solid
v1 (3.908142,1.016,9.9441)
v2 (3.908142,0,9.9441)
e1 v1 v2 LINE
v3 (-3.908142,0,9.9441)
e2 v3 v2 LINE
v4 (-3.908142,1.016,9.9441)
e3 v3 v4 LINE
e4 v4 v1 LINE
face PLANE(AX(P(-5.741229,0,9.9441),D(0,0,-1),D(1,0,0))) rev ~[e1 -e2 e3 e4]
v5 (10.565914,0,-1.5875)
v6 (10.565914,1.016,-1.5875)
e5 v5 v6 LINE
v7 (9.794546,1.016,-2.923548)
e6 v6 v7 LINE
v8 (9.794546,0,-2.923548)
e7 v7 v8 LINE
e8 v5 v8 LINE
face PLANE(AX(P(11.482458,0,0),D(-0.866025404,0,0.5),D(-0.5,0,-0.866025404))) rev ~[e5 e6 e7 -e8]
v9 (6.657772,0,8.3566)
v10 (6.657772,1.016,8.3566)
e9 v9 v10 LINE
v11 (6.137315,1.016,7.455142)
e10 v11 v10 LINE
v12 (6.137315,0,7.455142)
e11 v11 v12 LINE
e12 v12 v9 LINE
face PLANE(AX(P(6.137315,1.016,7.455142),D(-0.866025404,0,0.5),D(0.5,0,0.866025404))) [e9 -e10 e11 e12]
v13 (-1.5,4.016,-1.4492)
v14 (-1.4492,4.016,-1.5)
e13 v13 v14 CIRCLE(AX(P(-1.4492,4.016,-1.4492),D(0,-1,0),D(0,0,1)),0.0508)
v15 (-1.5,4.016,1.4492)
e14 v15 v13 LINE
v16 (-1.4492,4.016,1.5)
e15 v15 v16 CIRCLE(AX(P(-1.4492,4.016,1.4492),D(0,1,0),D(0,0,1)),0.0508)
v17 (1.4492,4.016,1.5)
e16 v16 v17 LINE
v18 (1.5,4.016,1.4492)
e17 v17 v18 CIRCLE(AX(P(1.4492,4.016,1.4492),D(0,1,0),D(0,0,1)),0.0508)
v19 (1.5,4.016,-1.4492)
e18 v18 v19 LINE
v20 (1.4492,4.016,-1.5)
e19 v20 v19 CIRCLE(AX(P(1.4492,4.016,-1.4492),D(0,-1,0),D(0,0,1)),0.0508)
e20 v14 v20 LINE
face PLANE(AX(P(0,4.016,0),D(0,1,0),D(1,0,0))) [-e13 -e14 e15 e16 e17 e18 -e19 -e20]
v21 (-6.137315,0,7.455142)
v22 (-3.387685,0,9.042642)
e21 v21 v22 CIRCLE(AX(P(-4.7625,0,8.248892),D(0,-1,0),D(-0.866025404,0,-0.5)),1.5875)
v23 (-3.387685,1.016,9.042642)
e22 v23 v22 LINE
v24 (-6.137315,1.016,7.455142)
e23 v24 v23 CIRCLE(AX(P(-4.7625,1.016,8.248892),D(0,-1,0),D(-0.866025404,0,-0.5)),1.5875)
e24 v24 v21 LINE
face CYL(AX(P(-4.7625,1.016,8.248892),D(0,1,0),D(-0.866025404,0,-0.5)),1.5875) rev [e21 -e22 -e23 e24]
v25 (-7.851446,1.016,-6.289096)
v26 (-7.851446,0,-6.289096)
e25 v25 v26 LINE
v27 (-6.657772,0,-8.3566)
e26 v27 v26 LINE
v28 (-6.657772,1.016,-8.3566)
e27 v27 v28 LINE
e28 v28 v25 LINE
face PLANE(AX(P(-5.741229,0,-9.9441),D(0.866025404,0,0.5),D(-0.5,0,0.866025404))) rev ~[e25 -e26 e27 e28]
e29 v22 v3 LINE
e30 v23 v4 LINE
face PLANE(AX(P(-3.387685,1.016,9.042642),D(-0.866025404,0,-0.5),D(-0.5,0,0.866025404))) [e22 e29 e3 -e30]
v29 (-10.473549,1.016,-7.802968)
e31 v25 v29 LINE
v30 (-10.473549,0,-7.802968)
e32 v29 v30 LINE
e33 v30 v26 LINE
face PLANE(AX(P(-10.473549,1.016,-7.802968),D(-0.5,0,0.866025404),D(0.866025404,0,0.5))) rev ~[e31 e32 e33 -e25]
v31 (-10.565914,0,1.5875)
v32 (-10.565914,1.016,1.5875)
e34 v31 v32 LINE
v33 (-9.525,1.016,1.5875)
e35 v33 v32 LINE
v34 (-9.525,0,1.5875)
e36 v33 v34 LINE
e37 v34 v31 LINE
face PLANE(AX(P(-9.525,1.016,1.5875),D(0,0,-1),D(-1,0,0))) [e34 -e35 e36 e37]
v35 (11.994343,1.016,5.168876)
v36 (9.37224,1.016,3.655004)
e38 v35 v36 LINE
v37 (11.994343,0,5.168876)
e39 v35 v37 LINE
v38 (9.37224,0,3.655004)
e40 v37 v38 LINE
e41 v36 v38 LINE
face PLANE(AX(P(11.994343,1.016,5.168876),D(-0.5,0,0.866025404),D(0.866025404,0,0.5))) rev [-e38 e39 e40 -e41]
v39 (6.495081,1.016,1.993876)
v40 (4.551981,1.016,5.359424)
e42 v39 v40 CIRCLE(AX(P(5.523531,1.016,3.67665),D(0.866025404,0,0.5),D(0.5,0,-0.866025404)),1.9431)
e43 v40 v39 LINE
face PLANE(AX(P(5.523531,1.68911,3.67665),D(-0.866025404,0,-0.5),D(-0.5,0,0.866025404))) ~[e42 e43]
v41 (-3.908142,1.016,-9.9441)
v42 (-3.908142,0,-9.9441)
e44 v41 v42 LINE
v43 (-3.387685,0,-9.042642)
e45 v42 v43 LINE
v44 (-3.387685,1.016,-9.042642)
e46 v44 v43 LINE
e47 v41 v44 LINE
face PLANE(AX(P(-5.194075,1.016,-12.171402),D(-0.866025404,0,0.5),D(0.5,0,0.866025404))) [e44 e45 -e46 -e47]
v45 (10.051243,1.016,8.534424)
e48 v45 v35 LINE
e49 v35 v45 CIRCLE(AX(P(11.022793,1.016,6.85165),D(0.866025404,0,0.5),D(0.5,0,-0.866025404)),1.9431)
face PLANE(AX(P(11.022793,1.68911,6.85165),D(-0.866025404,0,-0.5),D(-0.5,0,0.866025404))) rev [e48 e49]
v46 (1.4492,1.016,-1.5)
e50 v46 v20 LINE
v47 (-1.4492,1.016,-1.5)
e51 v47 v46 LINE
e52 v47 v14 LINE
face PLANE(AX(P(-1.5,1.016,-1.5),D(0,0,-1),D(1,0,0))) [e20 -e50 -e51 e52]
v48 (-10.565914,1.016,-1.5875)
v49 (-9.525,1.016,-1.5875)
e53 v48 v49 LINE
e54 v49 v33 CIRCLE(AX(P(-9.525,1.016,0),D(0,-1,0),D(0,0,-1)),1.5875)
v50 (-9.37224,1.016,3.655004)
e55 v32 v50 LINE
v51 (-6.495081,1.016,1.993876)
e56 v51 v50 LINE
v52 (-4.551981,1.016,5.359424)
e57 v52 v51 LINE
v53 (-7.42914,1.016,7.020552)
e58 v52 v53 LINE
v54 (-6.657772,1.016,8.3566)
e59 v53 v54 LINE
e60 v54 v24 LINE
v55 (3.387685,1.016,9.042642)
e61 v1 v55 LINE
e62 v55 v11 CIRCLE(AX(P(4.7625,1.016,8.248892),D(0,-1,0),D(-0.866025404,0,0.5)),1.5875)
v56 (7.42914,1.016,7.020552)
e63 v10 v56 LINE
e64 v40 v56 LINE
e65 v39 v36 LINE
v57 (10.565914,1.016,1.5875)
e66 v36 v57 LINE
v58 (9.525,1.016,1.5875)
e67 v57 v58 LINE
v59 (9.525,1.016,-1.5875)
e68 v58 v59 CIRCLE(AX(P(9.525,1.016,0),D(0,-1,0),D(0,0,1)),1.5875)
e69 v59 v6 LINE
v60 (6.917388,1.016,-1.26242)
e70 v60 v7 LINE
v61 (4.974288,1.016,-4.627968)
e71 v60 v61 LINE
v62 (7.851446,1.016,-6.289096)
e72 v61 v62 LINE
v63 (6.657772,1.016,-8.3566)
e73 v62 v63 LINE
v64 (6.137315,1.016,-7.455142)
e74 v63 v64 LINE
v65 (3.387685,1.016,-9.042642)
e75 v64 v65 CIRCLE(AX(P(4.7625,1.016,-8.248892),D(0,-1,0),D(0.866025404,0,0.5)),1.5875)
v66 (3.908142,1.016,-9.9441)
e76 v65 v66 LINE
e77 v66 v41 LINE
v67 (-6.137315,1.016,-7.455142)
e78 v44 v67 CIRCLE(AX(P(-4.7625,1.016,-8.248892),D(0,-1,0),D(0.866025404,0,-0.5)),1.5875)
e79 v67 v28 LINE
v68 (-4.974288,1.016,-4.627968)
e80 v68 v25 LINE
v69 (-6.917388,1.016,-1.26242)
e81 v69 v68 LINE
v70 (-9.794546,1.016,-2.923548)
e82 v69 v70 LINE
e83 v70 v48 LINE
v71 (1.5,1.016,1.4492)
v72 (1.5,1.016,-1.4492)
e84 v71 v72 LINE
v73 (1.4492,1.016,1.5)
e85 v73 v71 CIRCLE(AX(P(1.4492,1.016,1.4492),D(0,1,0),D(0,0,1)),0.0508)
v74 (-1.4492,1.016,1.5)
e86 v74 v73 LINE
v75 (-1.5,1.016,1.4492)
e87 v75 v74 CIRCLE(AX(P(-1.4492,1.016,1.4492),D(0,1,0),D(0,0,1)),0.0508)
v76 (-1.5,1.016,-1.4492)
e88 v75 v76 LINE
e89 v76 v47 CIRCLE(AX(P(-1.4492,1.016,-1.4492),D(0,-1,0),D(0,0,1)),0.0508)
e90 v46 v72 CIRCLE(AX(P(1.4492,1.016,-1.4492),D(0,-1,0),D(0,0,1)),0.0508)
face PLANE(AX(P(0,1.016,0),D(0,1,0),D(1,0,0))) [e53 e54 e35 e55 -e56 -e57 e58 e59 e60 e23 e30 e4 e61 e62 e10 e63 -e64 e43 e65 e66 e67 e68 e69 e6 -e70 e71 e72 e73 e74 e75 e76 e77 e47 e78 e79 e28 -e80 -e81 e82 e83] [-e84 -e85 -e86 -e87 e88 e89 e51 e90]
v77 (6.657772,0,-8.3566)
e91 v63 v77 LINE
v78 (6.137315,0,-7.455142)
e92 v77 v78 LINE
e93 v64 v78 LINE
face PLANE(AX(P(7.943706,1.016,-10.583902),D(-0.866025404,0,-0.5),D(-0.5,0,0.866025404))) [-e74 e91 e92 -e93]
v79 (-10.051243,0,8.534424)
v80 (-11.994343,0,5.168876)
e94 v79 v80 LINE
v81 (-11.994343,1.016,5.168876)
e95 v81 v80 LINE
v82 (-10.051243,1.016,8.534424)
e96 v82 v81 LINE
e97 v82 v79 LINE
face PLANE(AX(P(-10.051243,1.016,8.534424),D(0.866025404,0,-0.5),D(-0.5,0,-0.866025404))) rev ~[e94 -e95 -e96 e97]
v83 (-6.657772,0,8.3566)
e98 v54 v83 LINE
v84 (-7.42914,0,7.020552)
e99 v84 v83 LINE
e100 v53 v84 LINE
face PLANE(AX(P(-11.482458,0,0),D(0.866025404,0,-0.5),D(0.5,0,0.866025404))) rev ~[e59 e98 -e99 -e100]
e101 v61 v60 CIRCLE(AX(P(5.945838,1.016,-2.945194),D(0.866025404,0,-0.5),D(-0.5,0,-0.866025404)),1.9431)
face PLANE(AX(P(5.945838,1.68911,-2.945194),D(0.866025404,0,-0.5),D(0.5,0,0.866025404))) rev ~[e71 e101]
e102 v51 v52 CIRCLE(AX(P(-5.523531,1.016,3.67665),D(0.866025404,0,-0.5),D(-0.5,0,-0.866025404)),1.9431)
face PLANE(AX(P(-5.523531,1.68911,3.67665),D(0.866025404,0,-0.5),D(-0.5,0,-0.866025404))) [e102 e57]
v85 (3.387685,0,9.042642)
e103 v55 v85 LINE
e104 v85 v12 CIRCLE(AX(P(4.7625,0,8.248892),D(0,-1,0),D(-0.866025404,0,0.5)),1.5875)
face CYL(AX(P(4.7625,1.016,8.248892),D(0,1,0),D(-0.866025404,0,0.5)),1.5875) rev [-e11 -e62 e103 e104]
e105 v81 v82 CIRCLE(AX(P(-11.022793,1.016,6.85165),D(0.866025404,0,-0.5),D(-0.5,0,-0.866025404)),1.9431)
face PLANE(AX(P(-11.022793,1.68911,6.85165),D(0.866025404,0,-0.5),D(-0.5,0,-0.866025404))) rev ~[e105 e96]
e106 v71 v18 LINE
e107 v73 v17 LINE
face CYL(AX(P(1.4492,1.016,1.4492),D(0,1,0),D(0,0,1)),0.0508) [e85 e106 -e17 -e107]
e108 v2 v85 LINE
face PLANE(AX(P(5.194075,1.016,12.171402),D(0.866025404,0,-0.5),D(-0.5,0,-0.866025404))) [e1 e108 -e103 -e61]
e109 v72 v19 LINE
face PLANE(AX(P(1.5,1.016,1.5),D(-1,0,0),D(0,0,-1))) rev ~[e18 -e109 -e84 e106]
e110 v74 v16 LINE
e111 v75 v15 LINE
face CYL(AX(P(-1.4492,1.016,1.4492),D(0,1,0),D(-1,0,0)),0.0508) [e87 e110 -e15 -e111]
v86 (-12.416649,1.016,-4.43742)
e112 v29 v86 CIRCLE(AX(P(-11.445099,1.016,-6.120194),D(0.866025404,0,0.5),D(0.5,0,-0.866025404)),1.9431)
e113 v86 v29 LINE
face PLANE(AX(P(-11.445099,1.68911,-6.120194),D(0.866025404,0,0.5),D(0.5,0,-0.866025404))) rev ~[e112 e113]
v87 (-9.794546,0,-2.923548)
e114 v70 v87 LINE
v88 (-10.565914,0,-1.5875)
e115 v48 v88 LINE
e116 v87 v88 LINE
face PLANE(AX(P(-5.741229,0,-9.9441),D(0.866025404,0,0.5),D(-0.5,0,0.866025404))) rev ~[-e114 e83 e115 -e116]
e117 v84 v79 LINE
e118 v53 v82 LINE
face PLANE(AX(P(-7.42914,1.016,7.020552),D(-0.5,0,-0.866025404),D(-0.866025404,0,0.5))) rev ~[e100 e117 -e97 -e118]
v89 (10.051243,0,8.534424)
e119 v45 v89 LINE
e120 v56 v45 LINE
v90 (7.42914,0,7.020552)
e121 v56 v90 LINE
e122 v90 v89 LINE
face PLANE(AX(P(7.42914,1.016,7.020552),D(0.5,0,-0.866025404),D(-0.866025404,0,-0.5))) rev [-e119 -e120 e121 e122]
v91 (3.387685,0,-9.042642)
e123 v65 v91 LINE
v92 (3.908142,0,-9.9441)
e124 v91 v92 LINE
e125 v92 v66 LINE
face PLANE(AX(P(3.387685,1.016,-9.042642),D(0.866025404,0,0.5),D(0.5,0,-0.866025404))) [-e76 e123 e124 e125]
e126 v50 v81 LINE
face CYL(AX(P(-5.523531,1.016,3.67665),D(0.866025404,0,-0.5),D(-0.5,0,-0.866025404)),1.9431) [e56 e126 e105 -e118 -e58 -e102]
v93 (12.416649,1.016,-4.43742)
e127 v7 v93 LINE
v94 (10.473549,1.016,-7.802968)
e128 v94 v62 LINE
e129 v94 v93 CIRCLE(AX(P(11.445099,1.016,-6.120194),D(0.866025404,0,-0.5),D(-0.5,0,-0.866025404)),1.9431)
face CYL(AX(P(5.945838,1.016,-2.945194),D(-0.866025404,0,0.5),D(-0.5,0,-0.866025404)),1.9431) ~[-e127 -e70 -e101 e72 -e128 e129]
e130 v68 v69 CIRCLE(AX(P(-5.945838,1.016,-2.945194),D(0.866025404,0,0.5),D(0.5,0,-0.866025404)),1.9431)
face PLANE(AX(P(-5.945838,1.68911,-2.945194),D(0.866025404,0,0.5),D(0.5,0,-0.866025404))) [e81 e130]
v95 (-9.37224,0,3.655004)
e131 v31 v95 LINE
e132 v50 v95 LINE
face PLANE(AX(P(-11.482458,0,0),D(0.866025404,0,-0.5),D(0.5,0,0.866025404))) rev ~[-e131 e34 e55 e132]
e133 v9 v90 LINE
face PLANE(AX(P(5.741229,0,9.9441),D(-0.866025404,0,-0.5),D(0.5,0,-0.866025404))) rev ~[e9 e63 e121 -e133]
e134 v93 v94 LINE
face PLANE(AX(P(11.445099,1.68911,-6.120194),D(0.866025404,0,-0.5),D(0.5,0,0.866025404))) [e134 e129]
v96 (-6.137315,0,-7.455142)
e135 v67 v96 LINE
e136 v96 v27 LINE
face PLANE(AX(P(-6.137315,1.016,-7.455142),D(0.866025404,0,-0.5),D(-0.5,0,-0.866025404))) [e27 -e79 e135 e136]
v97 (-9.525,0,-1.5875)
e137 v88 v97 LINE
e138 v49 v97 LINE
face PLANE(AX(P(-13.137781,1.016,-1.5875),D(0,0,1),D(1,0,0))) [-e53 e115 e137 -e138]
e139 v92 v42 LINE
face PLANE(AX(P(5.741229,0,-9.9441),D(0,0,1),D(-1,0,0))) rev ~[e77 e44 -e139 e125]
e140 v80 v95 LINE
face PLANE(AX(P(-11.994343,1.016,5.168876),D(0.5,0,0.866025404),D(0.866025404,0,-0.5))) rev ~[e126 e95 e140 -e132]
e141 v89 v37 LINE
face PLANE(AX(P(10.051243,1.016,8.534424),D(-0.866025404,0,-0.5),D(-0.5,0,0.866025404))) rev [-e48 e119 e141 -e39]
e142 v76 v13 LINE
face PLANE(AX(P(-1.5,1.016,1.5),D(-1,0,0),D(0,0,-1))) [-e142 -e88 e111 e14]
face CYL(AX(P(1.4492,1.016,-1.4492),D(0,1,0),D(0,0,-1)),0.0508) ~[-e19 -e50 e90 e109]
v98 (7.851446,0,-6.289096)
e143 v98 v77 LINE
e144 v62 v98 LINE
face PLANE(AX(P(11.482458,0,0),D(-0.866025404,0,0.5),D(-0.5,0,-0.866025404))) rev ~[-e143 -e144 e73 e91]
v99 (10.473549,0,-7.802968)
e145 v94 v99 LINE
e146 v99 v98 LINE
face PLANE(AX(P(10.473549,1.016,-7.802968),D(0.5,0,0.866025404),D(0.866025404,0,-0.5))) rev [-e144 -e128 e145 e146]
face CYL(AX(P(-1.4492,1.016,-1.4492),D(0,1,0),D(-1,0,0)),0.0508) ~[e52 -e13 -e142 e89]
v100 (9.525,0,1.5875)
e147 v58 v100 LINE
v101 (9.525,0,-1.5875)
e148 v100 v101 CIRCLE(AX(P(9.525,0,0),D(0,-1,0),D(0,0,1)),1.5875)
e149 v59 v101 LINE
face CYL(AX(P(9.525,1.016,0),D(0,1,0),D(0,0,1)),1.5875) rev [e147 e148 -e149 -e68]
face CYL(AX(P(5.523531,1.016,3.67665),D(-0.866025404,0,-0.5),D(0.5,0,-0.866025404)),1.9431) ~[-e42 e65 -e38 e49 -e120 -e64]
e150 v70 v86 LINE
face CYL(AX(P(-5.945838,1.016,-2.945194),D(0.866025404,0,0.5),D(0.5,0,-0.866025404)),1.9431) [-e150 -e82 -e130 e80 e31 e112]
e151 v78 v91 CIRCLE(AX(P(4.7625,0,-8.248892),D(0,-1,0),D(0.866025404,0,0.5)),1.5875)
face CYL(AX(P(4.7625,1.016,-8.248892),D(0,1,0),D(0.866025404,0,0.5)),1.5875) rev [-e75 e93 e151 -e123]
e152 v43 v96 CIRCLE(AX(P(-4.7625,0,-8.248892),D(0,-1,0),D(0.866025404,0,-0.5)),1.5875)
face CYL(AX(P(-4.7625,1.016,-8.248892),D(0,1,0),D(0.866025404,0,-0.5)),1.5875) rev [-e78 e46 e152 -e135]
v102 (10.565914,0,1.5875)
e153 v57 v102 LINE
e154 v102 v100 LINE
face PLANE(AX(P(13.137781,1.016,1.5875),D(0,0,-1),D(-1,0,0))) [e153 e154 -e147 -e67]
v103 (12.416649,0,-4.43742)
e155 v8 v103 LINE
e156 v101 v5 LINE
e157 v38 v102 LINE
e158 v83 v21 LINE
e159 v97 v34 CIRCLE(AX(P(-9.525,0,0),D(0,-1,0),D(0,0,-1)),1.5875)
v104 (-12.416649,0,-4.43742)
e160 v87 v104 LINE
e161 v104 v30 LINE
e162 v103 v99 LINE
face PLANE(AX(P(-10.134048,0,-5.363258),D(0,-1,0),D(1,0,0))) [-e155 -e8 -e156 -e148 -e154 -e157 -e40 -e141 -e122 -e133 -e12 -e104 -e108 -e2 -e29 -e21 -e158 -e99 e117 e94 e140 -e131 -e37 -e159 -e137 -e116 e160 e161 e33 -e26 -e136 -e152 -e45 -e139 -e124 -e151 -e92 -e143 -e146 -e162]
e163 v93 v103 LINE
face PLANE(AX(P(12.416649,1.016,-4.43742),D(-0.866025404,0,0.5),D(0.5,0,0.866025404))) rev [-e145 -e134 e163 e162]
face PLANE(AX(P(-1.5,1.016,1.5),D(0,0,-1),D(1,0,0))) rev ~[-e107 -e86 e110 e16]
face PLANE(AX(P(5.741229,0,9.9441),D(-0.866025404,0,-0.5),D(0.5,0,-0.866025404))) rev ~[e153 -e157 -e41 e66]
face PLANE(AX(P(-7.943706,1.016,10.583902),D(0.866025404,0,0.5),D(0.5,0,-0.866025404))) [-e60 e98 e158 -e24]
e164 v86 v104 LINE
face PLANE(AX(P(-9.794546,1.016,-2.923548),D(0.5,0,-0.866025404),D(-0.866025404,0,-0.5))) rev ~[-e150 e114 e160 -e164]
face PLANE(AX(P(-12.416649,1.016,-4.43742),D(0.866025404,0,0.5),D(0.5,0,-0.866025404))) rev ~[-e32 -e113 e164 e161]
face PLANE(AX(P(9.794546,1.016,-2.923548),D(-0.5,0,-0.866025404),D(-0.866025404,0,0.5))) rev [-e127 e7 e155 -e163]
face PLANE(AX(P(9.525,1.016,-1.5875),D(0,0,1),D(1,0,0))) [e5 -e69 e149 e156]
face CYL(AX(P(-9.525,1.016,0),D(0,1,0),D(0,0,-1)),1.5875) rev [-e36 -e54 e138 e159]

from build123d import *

# Parameters (mm, degrees)
BOSS_EXTRUDE1_DEPTH  = 1.016
CUT_EXTRUDE1_DEPTH   = 1.016
CIRPATTERN1_COUNT    = 6
SKETCH3_W            = 3
SKETCH3_H            = 3
BOSS_EXTRUDE2_DEPTH  = 3
FILLET1_R            = 0.0508
FILLET2_R            = 0.0508
FILLET3_R            = 0.0508
FILLET4_R            = 0.0508
BOSS_EXTRUDE3_DEPTH  = 6.35
CIRPATTERN2_COUNT    = 2
CIRPATTERN2_ANGLE    = 60
BOSS_EXTRUDE4_DEPTH  = 1.016
BOSS_EXTRUDE5_DEPTH  = 1.016
MIRROR1_COPY_1_DEPTH = 6.35


with BuildPart() as part:
    # Sketch1 → Boss-Extrude1 (new body)
    with BuildSketch(Plane(origin=(0, 0, 0), x_dir=(1, 0, 0), z_dir=(0, 1, 0))):
        Polygon((5.741228812, 9.9441), (-5.741228812, 9.9441), (-11.482457624, 0), (-5.741228812, -9.9441), (5.741228812, -9.9441), (11.482457624, 0), align=None)
    extrude(amount=BOSS_EXTRUDE1_DEPTH)

    # Sketch2 → Cut-Extrude1 (cut)
    with BuildSketch(Plane(origin=(0, 1.016, 0), x_dir=(1, 0, 0), z_dir=(0, 1, 0))):
        with BuildLine():
            Line((9.525, 1.5875), (13.137780832, 1.5875))
            Line((13.137780832, 1.5875), (13.137780832, -1.5875))
            Line((13.137780832, -1.5875), (9.525, -1.5875))
            ThreePointArc((9.525, -1.5875), (7.9375, 0), (9.525, 1.5875))
        make_face()
    cut_extrude1 = extrude(amount=-CUT_EXTRUDE1_DEPTH, mode=Mode.SUBTRACT)

    # CirPattern1: Cut-Extrude1 ×6 about axis
    cirpattern1_axis = Axis((0, 0, 0), (0, 1, 0))
    for i in range(1, CIRPATTERN1_COUNT):
        add(cut_extrude1.rotate(cirpattern1_axis, i * 360 / CIRPATTERN1_COUNT), mode=Mode.SUBTRACT)

    # Sketch3 → Boss-Extrude2 (add)
    with BuildSketch(Plane(origin=(0, 1.016, 0), x_dir=(1, 0, 0), z_dir=(0, 1, 0))):
        Rectangle(SKETCH3_W, SKETCH3_H)
    extrude(amount=BOSS_EXTRUDE2_DEPTH)

    # Fillet1
    fillet1_edges = [part.edges().sort_by_distance(p)[0] for p in [
        (1.5, 2.516, 1.5),
    ]]
    fillet(fillet1_edges, radius=FILLET1_R)

    # Fillet2
    fillet2_edges = [part.edges().sort_by_distance(p)[0] for p in [
        (-1.5, 2.516, -1.5),
    ]]
    fillet(fillet2_edges, radius=FILLET2_R)

    # Fillet3
    fillet3_edges = [part.edges().sort_by_distance(p)[0] for p in [
        (1.5, 2.516, -1.5),
    ]]
    fillet(fillet3_edges, radius=FILLET3_R)

    # Fillet4
    fillet4_edges = [part.edges().sort_by_distance(p)[0] for p in [
        (-1.5, 2.516, 1.5),
    ]]
    fillet(fillet4_edges, radius=FILLET4_R)

    # Sketch5 → Boss-Extrude3 (add)
    with BuildSketch(Plane(origin=(-5.734684765, 0, 3.310921793), x_dir=(0.5, 0, 0.866025404), z_dir=(-0.866025404, 0, 0.5))):
        with BuildLine():
            ThreePointArc((-1.520793442, 1.016), (0.422306558, 2.9591), (2.365406558, 1.016))
            Line((2.365406558, 1.016), (-1.520793442, 1.016))
        make_face()
    boss_extrude3 = extrude(amount=BOSS_EXTRUDE3_DEPTH)

    # CirPattern2: Boss-Extrude3 ×2 about axis
    cirpattern2_axis = Axis((0, 4.2168, 0), (0, -1, 0))
    for i in range(1, CIRPATTERN2_COUNT):
        add(boss_extrude3.rotate(cirpattern2_axis, i * CIRPATTERN2_ANGLE / (CIRPATTERN2_COUNT - 1)))

    # Sketch7 → Boss-Extrude4 (add)
    with BuildSketch(Plane.XZ.offset(-1.016)):
        Polygon((-11.9943428, 5.168876038), (-9.372239939, 3.655004245), (-7.429139939, 7.020552169), (-10.0512428, 8.534423962), align=None)
    boss_extrude4 = extrude(amount=BOSS_EXTRUDE4_DEPTH)

    # Sketch8 → Boss-Extrude5 (add)
    with BuildSketch(Plane.XZ.offset(-1.016)):
        Polygon((-10.473549358, -7.802967548), (-7.851446497, -6.289095755), (-9.794546497, -2.923547831), (-12.416649358, -4.437419623), align=None)
    boss_extrude5 = extrude(amount=BOSS_EXTRUDE5_DEPTH)

    # Mirror1: Boss-Extrude5, Boss-Extrude4, Boss-Extrude3 across plane
    add(boss_extrude5.mirror(Plane(origin=(0, 0, 0), x_dir=(0, 0, 1), z_dir=(1, 0, 0))))
    add(boss_extrude4.mirror(Plane(origin=(0, 0, 0), x_dir=(0, 0, 1), z_dir=(1, 0, 0))))
    add(boss_extrude3.mirror(Plane(origin=(0, 0, 0), x_dir=(0, 0, 1), z_dir=(1, 0, 0))))

    # Mirror1 copy 1 sketch → Mirror1 copy 1 (add)
    with BuildSketch(Plane(origin=(5.734684765, 0, -3.310921793), x_dir=(0.5, 0, 0.866025404), z_dir=(0.866025404, 0, -0.5))):
        with BuildLine():
            ThreePointArc((-1.520793442, -1.016), (0.422306558, -2.9591), (2.365406558, -1.016))
            Line((2.365406558, -1.016), (-1.520793442, -1.016))
        make_face()
    extrude(amount=MIRROR1_COPY_1_DEPTH)


solid = part.part
